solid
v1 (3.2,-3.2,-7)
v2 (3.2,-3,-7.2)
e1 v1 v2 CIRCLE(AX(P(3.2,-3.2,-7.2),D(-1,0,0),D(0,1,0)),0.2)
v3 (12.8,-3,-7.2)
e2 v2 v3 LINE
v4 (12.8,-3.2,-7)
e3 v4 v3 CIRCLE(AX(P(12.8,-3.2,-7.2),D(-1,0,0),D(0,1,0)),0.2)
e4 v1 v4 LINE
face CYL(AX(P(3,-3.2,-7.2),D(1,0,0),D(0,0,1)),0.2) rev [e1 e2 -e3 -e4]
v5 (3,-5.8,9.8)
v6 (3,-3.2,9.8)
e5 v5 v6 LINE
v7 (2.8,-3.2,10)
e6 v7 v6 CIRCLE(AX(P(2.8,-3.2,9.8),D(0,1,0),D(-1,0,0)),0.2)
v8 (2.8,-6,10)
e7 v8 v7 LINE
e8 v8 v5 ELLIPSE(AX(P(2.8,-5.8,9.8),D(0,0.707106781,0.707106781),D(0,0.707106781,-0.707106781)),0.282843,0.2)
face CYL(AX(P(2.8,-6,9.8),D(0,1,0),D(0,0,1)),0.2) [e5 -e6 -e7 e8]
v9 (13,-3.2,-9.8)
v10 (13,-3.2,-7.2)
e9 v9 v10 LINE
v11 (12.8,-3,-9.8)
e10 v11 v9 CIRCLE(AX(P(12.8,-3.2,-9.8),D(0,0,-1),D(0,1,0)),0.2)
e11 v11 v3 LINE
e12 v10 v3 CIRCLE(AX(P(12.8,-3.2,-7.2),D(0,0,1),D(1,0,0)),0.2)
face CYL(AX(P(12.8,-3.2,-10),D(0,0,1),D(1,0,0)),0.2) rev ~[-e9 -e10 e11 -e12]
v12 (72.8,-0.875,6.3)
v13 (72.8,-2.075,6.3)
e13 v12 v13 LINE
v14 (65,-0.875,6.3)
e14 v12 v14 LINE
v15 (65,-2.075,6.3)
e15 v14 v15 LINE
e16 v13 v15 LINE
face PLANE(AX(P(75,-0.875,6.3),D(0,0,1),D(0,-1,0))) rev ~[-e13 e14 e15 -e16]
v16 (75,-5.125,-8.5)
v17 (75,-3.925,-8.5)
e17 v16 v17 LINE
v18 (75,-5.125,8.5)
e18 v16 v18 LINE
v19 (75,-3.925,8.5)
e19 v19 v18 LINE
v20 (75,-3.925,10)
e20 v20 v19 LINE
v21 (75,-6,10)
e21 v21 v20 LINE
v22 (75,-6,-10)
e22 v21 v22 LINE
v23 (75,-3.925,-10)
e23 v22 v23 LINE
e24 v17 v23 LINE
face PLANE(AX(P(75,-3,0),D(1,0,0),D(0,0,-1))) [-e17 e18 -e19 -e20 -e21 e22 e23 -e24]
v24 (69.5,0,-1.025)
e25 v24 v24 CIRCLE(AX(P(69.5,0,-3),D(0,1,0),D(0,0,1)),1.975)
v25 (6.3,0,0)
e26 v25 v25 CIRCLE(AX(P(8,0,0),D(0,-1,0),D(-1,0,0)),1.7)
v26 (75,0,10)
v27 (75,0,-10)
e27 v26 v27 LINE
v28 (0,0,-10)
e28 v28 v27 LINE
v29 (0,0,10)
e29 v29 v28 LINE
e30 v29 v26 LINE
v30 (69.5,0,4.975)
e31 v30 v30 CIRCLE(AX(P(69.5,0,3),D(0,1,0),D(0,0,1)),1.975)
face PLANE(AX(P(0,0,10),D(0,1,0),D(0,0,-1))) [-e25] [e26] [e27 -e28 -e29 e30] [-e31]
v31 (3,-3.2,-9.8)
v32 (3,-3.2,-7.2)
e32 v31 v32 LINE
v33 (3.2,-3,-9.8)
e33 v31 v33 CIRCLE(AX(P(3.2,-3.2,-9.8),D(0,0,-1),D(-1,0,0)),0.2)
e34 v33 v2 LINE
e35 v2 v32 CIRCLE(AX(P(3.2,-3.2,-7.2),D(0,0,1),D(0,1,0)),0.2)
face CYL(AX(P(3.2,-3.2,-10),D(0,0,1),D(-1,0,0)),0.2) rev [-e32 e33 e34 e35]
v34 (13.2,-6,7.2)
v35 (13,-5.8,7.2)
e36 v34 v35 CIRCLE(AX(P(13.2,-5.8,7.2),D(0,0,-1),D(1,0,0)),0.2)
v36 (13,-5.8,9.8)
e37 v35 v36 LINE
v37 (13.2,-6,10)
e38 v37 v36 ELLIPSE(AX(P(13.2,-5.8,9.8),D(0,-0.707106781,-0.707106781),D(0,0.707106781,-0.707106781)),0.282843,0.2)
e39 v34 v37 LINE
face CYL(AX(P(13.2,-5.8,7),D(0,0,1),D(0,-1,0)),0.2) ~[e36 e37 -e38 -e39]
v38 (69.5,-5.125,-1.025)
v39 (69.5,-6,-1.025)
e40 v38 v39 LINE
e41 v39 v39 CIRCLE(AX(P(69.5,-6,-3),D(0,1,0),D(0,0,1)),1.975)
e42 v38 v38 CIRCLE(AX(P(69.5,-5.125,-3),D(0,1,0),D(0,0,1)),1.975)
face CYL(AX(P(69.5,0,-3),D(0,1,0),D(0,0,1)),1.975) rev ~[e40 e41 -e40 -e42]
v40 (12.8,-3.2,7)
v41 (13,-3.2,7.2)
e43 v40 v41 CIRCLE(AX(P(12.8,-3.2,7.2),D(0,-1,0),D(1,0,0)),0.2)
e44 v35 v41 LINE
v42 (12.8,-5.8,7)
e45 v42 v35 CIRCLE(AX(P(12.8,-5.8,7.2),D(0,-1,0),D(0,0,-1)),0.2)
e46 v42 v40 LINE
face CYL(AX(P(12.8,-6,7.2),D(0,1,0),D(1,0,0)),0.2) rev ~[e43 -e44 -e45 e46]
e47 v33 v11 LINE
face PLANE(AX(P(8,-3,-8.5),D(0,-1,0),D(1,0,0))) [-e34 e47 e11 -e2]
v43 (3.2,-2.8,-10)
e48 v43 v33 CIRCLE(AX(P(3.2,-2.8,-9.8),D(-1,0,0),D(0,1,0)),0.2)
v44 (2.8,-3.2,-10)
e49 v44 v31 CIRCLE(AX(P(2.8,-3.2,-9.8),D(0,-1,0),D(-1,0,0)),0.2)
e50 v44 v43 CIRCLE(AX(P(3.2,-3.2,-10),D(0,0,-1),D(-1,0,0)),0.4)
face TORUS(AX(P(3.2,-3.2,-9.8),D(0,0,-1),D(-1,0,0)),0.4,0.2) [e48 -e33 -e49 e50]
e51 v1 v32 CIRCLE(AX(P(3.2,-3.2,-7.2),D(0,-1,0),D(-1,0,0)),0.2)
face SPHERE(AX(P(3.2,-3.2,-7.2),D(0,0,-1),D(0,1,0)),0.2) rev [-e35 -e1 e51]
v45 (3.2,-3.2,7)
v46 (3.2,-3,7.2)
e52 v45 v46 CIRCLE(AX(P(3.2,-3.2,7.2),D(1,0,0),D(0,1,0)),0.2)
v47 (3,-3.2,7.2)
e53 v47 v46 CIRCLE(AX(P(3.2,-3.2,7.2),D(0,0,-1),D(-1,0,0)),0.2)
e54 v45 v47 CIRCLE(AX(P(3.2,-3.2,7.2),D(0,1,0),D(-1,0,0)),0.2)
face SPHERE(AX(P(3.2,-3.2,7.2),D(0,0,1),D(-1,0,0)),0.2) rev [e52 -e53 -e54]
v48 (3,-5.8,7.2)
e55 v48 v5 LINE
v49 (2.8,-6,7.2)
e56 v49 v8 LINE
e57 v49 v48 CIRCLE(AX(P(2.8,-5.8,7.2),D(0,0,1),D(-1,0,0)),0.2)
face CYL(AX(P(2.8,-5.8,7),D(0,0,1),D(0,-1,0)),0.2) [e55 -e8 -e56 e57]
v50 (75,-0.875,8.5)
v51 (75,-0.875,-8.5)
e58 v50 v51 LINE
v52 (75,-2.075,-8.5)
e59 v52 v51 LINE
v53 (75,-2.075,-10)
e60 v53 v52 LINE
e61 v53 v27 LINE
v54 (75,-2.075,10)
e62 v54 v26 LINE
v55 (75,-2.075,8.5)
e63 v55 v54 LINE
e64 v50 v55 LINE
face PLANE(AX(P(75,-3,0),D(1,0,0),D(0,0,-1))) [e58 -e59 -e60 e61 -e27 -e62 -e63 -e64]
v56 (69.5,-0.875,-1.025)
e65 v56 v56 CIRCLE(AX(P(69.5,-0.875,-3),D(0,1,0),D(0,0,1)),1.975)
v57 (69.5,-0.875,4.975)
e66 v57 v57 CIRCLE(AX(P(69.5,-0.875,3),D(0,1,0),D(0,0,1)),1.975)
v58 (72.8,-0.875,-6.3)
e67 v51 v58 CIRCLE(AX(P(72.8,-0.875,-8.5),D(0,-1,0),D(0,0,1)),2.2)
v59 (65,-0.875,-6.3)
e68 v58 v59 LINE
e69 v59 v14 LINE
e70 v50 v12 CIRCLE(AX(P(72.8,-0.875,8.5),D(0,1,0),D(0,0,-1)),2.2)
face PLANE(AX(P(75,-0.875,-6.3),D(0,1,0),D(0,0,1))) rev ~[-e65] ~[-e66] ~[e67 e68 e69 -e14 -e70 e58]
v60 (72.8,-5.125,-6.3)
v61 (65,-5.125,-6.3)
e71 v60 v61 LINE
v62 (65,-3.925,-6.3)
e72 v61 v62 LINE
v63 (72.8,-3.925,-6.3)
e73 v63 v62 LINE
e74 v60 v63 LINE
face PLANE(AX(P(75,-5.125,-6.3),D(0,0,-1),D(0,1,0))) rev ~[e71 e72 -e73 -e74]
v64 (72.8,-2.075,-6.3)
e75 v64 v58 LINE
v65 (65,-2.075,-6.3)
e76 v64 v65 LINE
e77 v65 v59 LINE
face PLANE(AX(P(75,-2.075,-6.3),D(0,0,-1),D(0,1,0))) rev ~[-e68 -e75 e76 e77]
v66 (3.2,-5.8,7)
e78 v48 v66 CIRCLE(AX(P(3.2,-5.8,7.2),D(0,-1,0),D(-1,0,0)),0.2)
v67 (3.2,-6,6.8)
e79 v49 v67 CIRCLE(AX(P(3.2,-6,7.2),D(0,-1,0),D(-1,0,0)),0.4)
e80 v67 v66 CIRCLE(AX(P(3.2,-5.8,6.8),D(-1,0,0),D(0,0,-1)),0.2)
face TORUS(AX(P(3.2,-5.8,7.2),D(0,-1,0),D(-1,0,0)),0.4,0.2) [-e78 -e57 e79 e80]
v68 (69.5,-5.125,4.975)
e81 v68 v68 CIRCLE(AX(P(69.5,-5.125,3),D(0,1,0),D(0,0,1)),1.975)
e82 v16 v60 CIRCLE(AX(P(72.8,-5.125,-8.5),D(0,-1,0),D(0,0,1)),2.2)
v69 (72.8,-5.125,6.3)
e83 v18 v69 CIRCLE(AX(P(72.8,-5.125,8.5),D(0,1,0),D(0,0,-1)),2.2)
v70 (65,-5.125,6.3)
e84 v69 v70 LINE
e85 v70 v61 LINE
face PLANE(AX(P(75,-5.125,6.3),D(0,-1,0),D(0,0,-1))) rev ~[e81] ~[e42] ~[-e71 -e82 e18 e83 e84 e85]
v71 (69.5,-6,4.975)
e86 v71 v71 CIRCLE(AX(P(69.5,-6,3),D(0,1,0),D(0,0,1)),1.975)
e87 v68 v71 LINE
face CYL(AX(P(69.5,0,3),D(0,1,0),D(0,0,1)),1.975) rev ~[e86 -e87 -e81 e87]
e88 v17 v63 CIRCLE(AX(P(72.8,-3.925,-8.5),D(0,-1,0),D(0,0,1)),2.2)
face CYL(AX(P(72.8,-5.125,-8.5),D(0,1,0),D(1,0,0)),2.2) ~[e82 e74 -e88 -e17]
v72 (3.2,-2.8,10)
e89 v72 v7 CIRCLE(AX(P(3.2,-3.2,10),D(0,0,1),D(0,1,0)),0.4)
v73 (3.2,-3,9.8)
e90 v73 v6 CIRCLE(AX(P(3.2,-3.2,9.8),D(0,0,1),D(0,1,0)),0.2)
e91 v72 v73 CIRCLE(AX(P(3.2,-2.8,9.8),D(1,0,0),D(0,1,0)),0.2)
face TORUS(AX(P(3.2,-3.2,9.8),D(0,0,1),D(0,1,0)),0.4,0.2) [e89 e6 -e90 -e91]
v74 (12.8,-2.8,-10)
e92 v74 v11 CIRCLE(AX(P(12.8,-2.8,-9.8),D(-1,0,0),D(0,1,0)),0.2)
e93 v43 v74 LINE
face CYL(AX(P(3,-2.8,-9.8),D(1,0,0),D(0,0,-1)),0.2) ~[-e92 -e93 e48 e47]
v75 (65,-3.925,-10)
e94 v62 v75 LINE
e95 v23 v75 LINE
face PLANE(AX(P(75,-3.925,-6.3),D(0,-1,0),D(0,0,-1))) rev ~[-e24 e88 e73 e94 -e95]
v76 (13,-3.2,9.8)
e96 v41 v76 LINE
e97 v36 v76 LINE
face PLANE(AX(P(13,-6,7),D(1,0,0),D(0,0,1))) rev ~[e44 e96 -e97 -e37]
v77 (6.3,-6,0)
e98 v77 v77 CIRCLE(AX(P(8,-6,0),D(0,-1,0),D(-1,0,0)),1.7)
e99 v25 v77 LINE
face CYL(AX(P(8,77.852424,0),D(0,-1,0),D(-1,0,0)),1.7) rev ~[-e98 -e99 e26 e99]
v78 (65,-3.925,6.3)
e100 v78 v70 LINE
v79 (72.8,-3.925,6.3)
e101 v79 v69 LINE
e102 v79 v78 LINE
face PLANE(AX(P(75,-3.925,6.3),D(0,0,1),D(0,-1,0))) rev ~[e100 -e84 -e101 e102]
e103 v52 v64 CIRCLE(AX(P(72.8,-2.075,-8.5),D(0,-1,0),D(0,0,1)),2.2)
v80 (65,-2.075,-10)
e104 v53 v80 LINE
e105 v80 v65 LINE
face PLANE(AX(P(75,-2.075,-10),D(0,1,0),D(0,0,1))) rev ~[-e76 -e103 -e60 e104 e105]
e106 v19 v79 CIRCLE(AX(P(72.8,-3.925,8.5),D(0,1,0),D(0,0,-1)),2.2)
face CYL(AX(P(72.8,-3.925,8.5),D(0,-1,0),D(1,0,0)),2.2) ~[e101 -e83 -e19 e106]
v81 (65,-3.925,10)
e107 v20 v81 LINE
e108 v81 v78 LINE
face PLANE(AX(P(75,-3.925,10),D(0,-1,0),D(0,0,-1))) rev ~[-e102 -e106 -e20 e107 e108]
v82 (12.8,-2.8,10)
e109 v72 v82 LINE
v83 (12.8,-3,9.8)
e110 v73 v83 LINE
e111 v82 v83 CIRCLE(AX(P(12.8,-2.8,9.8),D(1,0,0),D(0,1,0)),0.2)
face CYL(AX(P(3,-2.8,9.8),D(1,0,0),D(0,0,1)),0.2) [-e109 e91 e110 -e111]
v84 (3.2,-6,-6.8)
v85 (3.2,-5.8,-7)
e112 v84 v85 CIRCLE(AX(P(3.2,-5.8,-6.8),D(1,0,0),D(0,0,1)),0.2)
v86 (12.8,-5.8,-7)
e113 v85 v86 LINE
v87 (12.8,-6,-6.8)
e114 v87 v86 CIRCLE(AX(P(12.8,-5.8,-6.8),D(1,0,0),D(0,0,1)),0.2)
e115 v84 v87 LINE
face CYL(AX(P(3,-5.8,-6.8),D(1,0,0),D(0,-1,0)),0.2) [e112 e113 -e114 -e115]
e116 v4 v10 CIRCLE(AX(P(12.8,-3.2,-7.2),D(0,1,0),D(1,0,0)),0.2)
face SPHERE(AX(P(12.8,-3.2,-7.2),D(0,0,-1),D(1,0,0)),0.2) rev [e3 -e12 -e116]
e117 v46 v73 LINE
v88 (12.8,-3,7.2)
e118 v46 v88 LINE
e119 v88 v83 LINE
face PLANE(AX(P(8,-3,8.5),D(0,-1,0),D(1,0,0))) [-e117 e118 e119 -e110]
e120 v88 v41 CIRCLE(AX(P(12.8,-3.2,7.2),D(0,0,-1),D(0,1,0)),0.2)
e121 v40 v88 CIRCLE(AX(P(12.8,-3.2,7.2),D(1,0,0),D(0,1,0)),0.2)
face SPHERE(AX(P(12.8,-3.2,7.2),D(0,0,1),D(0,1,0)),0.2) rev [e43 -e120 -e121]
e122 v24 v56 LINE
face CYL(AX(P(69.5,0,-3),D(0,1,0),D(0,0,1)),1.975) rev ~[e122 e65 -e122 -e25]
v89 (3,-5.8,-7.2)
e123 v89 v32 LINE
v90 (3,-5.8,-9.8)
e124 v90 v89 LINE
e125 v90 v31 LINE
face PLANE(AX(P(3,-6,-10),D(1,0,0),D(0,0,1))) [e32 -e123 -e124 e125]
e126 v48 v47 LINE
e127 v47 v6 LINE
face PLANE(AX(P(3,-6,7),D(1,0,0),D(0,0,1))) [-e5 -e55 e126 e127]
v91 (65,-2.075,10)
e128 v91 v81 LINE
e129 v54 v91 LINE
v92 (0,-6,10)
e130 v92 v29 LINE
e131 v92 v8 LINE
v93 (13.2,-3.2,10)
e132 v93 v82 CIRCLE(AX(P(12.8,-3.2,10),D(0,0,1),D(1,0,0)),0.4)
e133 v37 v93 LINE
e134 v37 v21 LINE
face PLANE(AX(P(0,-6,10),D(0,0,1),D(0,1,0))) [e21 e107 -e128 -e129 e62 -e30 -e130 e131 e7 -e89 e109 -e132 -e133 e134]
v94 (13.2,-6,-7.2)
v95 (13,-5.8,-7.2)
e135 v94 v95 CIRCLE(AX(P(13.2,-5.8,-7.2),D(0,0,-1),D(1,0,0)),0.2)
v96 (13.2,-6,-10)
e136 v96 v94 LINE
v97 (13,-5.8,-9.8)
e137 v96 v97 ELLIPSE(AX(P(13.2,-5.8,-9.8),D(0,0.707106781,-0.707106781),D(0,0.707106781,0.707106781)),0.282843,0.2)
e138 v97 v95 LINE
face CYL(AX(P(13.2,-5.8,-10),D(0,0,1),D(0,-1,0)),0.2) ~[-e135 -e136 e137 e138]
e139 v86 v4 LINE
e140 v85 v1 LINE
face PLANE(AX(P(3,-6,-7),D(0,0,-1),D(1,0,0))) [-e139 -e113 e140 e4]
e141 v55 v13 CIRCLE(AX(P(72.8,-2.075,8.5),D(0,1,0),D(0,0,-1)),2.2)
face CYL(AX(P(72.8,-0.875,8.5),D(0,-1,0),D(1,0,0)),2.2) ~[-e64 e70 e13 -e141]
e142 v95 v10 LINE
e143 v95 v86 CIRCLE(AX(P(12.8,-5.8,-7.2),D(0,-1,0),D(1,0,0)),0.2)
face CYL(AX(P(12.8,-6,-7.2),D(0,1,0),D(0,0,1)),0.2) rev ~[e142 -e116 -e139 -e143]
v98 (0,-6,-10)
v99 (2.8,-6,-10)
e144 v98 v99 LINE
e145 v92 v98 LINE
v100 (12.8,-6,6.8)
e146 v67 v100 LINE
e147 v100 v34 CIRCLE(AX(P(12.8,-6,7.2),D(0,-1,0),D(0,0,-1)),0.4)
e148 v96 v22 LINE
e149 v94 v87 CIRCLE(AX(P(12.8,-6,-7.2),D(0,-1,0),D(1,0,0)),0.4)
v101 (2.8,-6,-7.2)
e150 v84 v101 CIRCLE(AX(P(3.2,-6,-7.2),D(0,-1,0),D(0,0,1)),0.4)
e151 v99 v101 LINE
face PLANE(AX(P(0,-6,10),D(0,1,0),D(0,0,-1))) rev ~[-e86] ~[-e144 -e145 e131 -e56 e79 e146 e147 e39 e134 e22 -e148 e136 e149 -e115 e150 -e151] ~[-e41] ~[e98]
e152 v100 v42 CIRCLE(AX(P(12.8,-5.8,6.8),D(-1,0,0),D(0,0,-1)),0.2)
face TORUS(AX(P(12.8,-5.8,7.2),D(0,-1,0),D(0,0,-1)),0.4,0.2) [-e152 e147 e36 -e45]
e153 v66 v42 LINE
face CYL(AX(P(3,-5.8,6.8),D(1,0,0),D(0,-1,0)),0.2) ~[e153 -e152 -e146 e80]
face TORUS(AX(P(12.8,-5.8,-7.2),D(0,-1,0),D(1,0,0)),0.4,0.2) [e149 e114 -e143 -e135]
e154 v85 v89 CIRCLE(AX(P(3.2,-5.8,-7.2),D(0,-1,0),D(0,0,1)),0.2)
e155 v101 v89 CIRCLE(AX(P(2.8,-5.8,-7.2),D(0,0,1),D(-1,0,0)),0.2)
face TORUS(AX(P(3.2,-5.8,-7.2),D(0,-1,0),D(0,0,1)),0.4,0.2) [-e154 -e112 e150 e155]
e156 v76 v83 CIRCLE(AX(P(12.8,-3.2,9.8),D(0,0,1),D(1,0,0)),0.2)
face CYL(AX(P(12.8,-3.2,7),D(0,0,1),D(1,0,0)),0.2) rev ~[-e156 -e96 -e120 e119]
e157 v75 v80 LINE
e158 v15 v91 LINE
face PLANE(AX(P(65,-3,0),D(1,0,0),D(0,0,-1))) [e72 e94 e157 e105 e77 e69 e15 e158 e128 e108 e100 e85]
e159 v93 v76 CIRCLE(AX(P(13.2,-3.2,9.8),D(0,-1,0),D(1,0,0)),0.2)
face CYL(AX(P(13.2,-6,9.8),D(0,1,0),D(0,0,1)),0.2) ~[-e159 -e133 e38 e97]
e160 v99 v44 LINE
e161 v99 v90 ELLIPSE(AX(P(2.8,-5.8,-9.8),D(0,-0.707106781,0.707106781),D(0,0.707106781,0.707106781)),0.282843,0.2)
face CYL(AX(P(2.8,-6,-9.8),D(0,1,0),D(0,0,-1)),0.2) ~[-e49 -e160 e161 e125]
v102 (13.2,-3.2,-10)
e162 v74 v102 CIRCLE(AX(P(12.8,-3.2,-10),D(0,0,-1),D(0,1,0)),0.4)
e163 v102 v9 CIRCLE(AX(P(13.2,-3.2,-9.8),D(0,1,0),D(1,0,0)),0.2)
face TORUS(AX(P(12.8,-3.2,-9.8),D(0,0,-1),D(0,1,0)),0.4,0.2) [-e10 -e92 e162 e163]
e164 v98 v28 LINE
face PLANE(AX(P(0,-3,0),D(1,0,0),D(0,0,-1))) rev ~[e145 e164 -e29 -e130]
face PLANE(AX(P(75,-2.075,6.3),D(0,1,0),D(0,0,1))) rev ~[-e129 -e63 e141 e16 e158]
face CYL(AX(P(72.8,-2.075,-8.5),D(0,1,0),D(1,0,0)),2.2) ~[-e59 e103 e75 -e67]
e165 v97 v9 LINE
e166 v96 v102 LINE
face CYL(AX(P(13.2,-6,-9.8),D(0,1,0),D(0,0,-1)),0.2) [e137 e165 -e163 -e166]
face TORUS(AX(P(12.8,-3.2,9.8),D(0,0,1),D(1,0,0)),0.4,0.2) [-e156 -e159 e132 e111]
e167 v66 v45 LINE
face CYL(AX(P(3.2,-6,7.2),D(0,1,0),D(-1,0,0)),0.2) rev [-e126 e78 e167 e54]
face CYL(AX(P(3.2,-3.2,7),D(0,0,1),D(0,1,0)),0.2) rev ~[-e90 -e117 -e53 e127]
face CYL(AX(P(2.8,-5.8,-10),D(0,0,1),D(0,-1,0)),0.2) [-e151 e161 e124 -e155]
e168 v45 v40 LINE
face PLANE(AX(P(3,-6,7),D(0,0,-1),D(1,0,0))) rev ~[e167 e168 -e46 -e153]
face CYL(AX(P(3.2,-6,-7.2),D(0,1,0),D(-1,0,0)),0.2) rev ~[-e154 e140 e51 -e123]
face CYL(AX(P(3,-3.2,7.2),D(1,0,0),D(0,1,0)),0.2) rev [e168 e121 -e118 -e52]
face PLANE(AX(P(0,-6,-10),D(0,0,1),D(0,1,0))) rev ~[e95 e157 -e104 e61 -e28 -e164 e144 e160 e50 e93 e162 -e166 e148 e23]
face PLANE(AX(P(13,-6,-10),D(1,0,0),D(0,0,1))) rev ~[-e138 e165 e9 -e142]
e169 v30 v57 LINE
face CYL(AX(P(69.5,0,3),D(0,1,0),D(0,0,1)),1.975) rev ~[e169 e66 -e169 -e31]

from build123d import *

# Parameters (mm, degrees)
SKETCH1_W            = 20
SKETCH1_H            = 6
BOSS_EXTRUDE1_DEPTH  = 75
M3_CLEARANCE_HOLE1_D = 3.4
SKETCH4_R            = 1.975
CUT_EXTRUDE1_DEPTH   = 76.901251637
CUT_EXTRUDE2_DEPTH   = 10
SKETCH6_W            = 10
SKETCH6_H            = 3
CUT_EXTRUDE3_DEPTH   = 3
FILLET1_R            = 0.2
FILLET2_R            = 2.2


with BuildPart() as part:
    # Sketch1 → Boss-Extrude1 (new body)
    with BuildSketch(Plane(origin=(0, 0, 0), x_dir=(0, 0, -1), z_dir=(1, 0, 0))):
        with Locations((0, -3)):
            Rectangle(SKETCH1_W, SKETCH1_H)
    extrude(amount=BOSS_EXTRUDE1_DEPTH)

    # M3 Clearance Hole1 (through all)
    with Locations(Plane(origin=(0, 0, 0), x_dir=(1, 0, 0), z_dir=(0, 1, 0))):
        with Locations((8, 0)):
            Hole(M3_CLEARANCE_HOLE1_D / 2)

    # Sketch4 → Cut-Extrude1 (cut, through all)
    with BuildSketch(Plane(origin=(0, 0, 0), x_dir=(1, 0, 0), z_dir=(0, 1, 0))):
        with Locations(Location((69.5, 3, 0), (0, 0, 270))):
            Circle(SKETCH4_R)
        with Locations(Location((69.5, -3, 0), (0, 0, 270))):
            Circle(SKETCH4_R)
    extrude(amount=-CUT_EXTRUDE1_DEPTH, mode=Mode.SUBTRACT)

    # Sketch5 → Cut-Extrude2 (cut)
    with BuildSketch(Plane(origin=(75, 0, 0), x_dir=(0, 0, -1), z_dir=(1, 0, 0))):
        Polygon((-10, -3.925), (-6.3, -3.925), (-6.3, -5.125), (6.3, -5.125), (6.3, -3.925), (10, -3.925), (10, -2.075), (6.3, -2.075), (6.3, -0.875), (-6.3, -0.875), (-6.3, -2.075), (-10, -2.075), align=None)
    extrude(amount=-CUT_EXTRUDE2_DEPTH, mode=Mode.SUBTRACT)

    # Sketch6 → Cut-Extrude3 (cut)
    with BuildSketch(Plane.XZ.offset(6)):
        with Locations((8, 8.5)):
            Rectangle(SKETCH6_W, SKETCH6_H)
        with Locations((8, -8.5)):
            Rectangle(SKETCH6_W, SKETCH6_H)
    extrude(amount=-CUT_EXTRUDE3_DEPTH, mode=Mode.SUBTRACT)

    # Fillet1
    fillet1_edges = [part.edges().sort_by_distance(p)[0] for p in [
        (3, -3, 8.5),
        (3, -4.5, 7),
        (8, -3, 10),
        (3, -4.5, 10),
        (13, -3, 8.5),
        (13, -4.5, 10),
        (8, -3, 7),
        (13, -4.5, 7),
        (3, -6, 8.5),
        (8, -6, 7),
        (13, -6, 8.5),
        (13, -3, -8.5),
        (13, -4.5, -7),
        (8, -3, -10),
        (13, -4.5, -10),
        (3, -3, -8.5),
        (3, -4.5, -10),
        (8, -3, -7),
        (3, -4.5, -7),
        (13, -6, -8.5),
        (8, -6, -7),
        (3, -6, -8.5),
    ]]
    fillet(fillet1_edges, radius=FILLET1_R)

    # Fillet2
    fillet2_edges = [part.edges().sort_by_distance(p)[0] for p in [
        (75, -1.475, -6.3),
        (75, -1.475, 6.3),
        (75, -4.525, 6.3),
        (75, -4.525, -6.3),
    ]]
    fillet(fillet2_edges, radius=FILLET2_R)


solid = part.part
